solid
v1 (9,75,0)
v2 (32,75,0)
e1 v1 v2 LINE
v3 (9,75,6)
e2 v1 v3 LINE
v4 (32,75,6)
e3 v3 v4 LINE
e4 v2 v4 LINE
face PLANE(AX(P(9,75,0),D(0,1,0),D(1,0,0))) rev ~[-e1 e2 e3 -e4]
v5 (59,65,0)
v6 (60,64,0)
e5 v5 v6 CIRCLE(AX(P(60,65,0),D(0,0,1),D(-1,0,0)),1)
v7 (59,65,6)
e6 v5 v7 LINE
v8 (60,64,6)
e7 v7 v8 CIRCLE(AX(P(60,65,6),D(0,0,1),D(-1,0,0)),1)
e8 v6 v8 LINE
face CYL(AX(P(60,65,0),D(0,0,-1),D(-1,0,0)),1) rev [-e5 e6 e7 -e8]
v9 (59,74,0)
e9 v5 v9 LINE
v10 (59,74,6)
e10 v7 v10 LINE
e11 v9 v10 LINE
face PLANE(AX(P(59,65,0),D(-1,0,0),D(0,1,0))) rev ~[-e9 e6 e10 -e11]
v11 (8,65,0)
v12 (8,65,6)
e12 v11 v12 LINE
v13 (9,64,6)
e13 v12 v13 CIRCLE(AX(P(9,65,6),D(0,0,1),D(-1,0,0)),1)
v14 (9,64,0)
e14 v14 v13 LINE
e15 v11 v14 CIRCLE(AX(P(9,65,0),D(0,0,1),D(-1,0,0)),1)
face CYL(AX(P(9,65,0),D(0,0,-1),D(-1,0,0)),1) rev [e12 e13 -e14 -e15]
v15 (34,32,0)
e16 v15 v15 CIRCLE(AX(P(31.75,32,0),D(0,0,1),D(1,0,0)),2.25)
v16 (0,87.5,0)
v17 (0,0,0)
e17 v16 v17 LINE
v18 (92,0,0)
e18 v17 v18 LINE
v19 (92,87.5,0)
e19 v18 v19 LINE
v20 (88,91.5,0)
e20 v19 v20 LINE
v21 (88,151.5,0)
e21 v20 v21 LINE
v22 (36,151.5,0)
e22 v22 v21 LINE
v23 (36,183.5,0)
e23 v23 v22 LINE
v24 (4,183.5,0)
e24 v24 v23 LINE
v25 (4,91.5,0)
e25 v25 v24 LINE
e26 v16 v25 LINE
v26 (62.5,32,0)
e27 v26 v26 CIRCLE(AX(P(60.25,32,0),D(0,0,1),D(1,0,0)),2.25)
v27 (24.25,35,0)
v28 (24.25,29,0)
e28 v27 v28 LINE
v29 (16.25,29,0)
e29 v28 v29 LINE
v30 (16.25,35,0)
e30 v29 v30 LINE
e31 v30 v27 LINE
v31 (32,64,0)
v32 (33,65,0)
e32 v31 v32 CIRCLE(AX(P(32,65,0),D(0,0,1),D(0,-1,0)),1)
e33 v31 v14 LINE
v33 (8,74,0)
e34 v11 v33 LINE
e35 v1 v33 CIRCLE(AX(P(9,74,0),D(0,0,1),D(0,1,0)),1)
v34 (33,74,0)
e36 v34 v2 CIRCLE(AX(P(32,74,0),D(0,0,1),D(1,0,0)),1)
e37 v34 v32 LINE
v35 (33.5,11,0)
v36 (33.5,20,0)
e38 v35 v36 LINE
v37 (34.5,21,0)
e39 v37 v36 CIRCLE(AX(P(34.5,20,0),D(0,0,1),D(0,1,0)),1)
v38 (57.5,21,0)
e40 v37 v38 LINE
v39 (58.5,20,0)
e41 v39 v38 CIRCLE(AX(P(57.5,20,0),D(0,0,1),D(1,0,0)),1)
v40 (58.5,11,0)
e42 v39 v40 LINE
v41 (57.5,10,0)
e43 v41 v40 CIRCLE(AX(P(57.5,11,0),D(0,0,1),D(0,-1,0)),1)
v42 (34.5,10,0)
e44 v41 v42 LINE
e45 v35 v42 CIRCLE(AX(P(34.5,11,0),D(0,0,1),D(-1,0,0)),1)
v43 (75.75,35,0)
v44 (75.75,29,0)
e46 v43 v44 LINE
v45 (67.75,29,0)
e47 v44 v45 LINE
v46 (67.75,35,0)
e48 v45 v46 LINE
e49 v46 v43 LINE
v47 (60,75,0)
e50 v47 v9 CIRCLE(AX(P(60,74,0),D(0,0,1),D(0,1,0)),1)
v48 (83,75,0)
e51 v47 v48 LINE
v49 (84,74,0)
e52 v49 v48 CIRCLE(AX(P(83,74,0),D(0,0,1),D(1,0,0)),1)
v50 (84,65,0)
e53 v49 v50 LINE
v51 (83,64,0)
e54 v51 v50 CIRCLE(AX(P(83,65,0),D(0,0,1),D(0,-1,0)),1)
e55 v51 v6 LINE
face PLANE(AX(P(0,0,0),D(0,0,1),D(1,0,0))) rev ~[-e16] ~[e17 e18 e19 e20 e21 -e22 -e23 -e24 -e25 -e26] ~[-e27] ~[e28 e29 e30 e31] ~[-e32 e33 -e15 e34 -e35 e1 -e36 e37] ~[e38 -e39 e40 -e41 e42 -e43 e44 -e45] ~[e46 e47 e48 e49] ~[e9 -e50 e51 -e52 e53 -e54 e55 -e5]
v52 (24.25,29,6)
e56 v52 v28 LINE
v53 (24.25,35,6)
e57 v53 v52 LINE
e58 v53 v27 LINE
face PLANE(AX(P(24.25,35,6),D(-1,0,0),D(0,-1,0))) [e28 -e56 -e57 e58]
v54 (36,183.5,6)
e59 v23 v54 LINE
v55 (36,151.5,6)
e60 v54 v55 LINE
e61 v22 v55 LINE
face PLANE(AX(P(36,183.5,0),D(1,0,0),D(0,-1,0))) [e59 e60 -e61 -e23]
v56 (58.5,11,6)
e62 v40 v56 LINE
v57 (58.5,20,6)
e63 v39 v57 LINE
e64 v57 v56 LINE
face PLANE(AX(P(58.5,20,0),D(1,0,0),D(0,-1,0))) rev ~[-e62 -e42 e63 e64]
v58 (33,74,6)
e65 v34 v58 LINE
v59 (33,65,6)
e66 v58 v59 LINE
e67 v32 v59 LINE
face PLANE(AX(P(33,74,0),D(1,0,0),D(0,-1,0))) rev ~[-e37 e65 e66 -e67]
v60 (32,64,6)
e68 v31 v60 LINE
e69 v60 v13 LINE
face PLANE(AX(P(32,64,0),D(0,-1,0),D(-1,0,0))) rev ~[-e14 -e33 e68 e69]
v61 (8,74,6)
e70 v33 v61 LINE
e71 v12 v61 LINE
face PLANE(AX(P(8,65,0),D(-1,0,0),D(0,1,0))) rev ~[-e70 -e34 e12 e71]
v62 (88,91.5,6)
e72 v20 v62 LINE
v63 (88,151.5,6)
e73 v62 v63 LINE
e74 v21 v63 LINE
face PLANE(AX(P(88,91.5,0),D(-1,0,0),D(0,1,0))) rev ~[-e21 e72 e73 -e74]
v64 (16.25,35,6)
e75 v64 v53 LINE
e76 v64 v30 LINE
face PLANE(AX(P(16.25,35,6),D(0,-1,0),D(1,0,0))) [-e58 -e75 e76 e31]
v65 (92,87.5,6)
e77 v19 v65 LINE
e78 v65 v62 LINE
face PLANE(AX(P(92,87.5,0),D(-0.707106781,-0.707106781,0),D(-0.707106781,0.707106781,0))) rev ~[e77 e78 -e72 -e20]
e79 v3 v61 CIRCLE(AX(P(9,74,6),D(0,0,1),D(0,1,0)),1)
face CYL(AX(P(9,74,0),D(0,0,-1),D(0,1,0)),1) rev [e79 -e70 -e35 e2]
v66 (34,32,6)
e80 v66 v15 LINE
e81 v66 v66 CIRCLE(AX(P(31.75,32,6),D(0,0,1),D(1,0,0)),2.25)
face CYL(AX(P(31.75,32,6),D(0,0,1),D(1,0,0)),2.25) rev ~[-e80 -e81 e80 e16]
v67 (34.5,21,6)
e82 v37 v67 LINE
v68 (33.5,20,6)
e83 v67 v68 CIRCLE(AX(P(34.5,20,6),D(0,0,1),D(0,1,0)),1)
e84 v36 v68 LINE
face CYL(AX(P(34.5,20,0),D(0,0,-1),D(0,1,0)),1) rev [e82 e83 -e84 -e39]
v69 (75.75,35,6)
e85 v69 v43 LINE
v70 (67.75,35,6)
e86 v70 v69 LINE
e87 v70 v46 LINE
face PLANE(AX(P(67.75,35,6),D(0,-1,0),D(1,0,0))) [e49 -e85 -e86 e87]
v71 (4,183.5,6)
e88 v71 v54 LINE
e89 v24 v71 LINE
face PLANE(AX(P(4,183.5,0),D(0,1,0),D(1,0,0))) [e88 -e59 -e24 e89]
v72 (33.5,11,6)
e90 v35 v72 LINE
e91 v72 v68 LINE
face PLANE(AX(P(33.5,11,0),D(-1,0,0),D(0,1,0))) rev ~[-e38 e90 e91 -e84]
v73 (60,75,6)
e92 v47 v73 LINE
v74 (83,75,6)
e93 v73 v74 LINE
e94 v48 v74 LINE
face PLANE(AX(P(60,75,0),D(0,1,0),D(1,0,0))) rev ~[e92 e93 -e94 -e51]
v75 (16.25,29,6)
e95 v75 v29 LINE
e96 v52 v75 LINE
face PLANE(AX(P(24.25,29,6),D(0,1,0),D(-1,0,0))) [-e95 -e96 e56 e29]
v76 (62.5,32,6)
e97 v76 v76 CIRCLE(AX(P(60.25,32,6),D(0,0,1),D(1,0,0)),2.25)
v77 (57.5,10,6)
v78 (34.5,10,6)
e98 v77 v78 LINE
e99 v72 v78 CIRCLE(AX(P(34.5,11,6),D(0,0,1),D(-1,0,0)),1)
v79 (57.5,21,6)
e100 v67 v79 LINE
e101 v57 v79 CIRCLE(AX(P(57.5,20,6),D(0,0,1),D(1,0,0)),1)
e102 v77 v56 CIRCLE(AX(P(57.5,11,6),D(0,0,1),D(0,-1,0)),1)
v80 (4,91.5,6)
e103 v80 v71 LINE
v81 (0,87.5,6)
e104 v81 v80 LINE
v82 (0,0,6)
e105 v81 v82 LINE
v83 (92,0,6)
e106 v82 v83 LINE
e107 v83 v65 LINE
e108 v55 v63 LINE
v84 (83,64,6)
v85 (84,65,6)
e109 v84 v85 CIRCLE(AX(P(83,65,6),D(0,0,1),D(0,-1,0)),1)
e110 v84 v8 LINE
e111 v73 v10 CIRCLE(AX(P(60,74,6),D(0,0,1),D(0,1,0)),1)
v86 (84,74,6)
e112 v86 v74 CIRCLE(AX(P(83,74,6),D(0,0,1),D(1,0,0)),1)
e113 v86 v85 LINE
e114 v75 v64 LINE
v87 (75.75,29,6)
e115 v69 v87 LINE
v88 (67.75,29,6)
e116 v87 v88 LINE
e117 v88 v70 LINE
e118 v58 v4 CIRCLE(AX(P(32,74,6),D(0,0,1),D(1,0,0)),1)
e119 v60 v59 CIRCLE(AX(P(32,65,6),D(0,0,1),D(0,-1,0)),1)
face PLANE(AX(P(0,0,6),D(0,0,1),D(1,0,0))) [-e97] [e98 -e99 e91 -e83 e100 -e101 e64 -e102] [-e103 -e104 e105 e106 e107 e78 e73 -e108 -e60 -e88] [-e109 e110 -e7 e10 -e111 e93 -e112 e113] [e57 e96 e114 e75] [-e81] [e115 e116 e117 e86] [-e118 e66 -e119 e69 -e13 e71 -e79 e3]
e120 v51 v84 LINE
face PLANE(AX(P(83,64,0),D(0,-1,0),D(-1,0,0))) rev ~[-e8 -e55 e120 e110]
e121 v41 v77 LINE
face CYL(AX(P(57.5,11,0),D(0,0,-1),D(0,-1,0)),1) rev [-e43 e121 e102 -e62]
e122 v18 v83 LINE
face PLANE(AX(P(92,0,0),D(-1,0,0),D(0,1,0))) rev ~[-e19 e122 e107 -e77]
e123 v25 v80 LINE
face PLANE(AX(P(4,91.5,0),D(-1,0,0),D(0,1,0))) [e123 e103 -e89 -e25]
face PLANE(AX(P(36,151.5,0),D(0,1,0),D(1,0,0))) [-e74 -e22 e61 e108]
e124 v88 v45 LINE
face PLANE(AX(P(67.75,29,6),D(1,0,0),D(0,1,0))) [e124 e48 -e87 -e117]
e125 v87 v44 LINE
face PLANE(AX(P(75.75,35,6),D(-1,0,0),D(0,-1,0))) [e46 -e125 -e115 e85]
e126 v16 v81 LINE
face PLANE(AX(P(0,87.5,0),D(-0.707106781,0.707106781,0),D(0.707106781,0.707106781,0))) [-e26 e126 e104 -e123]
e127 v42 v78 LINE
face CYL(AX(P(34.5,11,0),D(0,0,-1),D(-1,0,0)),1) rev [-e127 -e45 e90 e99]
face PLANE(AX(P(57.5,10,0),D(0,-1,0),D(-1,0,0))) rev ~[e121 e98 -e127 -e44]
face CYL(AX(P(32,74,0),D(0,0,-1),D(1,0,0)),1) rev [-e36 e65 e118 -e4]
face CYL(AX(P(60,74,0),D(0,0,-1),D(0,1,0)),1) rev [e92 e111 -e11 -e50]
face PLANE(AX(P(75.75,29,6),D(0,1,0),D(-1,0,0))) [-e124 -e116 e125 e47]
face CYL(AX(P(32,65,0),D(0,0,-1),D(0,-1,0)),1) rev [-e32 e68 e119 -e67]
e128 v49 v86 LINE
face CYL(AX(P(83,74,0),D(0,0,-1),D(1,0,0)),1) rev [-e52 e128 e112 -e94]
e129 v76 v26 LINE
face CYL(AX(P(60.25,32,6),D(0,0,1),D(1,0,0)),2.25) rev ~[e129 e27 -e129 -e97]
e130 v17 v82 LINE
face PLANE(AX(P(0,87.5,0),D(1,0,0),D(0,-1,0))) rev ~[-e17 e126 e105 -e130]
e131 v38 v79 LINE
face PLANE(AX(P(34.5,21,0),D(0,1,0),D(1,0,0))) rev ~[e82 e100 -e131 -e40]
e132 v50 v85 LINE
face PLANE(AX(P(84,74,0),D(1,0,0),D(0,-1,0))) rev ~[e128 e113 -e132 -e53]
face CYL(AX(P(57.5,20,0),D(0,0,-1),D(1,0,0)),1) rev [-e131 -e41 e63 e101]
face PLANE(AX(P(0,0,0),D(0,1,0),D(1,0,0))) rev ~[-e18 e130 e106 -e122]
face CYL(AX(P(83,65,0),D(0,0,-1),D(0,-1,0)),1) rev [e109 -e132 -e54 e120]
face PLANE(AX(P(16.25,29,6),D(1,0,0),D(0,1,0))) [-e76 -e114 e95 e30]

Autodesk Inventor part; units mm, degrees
ref_plane "YZ Plane" through (0, 0, 0) normal (1, 0, 0) x (0, 1, 0)
ref_plane "XZ Plane" through (0, 0, 0) normal (0, 1, 0) x (-1, 0, 0)
ref_plane "XY Plane" through (0, 0, 0) normal (0, 0, 1) x (1, 0, 0)
sketch "Sketch1" plane through (0, 0, 0) normal (0, 0, 1) x (1, 0, 0)
  line L0 (0, 0) -> (92, 0)
  line L1 (92, 0) -> (92, 87.5)
  line L2 (0, 87.5) -> (0, 0)
  line L3 (0, 87.5) -> (4, 91.5)
  line L4 (92, 87.5) -> (88, 91.5)
  line L5 (4, 91.5) -> (4, 183.5)
  line L6 (88, 91.5) -> (88, 151.5)
  line L7 (34.5, 21) -> (57.5, 21)
  line L8 (58.5, 20) -> (58.5, 11)
  line L9 (57.5, 10) -> (34.5, 10)
  line L10 (33.5, 11) -> (33.5, 20)
  arc A0 (34.5, 21) -> (33.5, 20) centre (34.5, 20) ccw
  arc A1 (33.5, 11) -> (34.5, 10) centre (34.5, 11) ccw
  arc A2 (57.5, 10) -> (58.5, 11) centre (57.5, 11) ccw
  arc A3 (58.5, 20) -> (57.5, 21) centre (57.5, 20) ccw
  line L11 (9, 75) -> (32, 75)
  line L12 (33, 74) -> (33, 65)
  line L13 (32, 64) -> (9, 64)
  line L14 (8, 65) -> (8, 74)
  arc A4 (9, 75) -> (8, 74) centre (9, 74) ccw
  arc A5 (8, 65) -> (9, 64) centre (9, 65) ccw
  arc A6 (32, 64) -> (33, 65) centre (32, 65) ccw
  arc A7 (33, 74) -> (32, 75) centre (32, 74) ccw
  arc A8 (59, 65) -> (60, 64) centre (60, 65) ccw
  arc A9 (60, 75) -> (59, 74) centre (60, 74) ccw
  line L15 (83, 64) -> (60, 64)
  line L16 (84, 74) -> (84, 65)
  arc A10 (83, 64) -> (84, 65) centre (83, 65) ccw
  arc A11 (84, 74) -> (83, 75) centre (83, 74) ccw
  line L17 (60, 75) -> (83, 75)
  line L18 (59, 65) -> (59, 74)
  line L19 (4, 183.5) -> (36, 183.5)
  line L20 (36, 183.5) -> (36, 151.5)
  line L21 (36, 151.5) -> (88, 151.5)
  point P0 (46, 10)
  point P1 (46, 0)
  point P2 (84, 69.5)
  point P3 (58.5, 15.5)
  dimension "d0" = 92
  dimension "d1" = 135
  dimension "d2" = 1
  dimension "d3" = 11
  dimension "d4" = 25
  dimension "d5" = 1
  dimension "d6" = 11
  dimension "d7" = 25
  dimension "d8" = 1
  dimension "d9" = 11
  dimension "d10" = 25
  dimension "d11" = 4
  dimension "d12" = 54
  dimension "d13" = 8
  dimension "d14" = 8
  dimension "d15" = 10
  dimension "d16" = 32
  dimension "d17" = 32
  dimension "d18" = 183.5
  dimension "d19" = 87.5
extrude "Extrusion1" add sketch "Sketch1" along normal blind 6
sketch "Sketch2" plane through (0, 0, 6) normal (0, 0, 1) x (1, 0, 0)
  line L0 (34.5, 21) -> (57.5, 21) projected
  line L1 (33.5, 11) -> (33.5, 20) projected
  line L2 (34, 23) -> (58, 23) construction
  line L3 (58, 23) -> (58, 8) construction
  line L4 (58, 8) -> (34, 8) construction
  line L5 (34, 8) -> (34, 23) construction
  circle A0 centre (31.75, 32) radius 2.25
  circle A1 centre (60.25, 32) radius 2.25
  line L6 (31.75, 32) -> (60.25, 32) construction
  point P0 (34, 15.5)
  point P1 (33.5, 15.5)
  point P2 (46, 23)
  point P3 (46, 21)
  point P4 (46, 32)
  dimension "d22" = 24
  dimension "d23" = 15
  dimension "d24" = 4.5
  dimension "d25" = 28.5
  dimension "d26" = 9
extrude "Extrusion2" cut sketch "Sketch2" against normal blind 6
sketch "Sketch3" plane through (0, 0, 6) normal (0, 0, 1) x (1, 0, 0)
  circle A0 centre (31.75, 32) radius 2.25 projected
  circle A1 centre (60.25, 32) radius 2.25 projected
  line L0 (16.25, 35) -> (24.25, 35)
  line L1 (24.25, 35) -> (24.25, 29)
  line L2 (24.25, 29) -> (16.25, 29)
  line L3 (16.25, 29) -> (16.25, 35)
  line L4 (67.75, 35) -> (75.75, 35)
  line L5 (75.75, 35) -> (75.75, 29)
  line L6 (75.75, 29) -> (67.75, 29)
  line L7 (67.75, 29) -> (67.75, 35)
  point P0 (24.25, 32)
  dimension "d29" = 6
  dimension "d30" = 8
  dimension "d31" = 8
  dimension "d32" = 7.5
  dimension "d33" = 7.5
extrude "Extrusion3" cut sketch "Sketch3" against normal blind 6 contours L0 L1 L2 L3 | L4 L5 L6 L7
equation "\"d14\" = d13"
properties part number "x_carriage_front"
